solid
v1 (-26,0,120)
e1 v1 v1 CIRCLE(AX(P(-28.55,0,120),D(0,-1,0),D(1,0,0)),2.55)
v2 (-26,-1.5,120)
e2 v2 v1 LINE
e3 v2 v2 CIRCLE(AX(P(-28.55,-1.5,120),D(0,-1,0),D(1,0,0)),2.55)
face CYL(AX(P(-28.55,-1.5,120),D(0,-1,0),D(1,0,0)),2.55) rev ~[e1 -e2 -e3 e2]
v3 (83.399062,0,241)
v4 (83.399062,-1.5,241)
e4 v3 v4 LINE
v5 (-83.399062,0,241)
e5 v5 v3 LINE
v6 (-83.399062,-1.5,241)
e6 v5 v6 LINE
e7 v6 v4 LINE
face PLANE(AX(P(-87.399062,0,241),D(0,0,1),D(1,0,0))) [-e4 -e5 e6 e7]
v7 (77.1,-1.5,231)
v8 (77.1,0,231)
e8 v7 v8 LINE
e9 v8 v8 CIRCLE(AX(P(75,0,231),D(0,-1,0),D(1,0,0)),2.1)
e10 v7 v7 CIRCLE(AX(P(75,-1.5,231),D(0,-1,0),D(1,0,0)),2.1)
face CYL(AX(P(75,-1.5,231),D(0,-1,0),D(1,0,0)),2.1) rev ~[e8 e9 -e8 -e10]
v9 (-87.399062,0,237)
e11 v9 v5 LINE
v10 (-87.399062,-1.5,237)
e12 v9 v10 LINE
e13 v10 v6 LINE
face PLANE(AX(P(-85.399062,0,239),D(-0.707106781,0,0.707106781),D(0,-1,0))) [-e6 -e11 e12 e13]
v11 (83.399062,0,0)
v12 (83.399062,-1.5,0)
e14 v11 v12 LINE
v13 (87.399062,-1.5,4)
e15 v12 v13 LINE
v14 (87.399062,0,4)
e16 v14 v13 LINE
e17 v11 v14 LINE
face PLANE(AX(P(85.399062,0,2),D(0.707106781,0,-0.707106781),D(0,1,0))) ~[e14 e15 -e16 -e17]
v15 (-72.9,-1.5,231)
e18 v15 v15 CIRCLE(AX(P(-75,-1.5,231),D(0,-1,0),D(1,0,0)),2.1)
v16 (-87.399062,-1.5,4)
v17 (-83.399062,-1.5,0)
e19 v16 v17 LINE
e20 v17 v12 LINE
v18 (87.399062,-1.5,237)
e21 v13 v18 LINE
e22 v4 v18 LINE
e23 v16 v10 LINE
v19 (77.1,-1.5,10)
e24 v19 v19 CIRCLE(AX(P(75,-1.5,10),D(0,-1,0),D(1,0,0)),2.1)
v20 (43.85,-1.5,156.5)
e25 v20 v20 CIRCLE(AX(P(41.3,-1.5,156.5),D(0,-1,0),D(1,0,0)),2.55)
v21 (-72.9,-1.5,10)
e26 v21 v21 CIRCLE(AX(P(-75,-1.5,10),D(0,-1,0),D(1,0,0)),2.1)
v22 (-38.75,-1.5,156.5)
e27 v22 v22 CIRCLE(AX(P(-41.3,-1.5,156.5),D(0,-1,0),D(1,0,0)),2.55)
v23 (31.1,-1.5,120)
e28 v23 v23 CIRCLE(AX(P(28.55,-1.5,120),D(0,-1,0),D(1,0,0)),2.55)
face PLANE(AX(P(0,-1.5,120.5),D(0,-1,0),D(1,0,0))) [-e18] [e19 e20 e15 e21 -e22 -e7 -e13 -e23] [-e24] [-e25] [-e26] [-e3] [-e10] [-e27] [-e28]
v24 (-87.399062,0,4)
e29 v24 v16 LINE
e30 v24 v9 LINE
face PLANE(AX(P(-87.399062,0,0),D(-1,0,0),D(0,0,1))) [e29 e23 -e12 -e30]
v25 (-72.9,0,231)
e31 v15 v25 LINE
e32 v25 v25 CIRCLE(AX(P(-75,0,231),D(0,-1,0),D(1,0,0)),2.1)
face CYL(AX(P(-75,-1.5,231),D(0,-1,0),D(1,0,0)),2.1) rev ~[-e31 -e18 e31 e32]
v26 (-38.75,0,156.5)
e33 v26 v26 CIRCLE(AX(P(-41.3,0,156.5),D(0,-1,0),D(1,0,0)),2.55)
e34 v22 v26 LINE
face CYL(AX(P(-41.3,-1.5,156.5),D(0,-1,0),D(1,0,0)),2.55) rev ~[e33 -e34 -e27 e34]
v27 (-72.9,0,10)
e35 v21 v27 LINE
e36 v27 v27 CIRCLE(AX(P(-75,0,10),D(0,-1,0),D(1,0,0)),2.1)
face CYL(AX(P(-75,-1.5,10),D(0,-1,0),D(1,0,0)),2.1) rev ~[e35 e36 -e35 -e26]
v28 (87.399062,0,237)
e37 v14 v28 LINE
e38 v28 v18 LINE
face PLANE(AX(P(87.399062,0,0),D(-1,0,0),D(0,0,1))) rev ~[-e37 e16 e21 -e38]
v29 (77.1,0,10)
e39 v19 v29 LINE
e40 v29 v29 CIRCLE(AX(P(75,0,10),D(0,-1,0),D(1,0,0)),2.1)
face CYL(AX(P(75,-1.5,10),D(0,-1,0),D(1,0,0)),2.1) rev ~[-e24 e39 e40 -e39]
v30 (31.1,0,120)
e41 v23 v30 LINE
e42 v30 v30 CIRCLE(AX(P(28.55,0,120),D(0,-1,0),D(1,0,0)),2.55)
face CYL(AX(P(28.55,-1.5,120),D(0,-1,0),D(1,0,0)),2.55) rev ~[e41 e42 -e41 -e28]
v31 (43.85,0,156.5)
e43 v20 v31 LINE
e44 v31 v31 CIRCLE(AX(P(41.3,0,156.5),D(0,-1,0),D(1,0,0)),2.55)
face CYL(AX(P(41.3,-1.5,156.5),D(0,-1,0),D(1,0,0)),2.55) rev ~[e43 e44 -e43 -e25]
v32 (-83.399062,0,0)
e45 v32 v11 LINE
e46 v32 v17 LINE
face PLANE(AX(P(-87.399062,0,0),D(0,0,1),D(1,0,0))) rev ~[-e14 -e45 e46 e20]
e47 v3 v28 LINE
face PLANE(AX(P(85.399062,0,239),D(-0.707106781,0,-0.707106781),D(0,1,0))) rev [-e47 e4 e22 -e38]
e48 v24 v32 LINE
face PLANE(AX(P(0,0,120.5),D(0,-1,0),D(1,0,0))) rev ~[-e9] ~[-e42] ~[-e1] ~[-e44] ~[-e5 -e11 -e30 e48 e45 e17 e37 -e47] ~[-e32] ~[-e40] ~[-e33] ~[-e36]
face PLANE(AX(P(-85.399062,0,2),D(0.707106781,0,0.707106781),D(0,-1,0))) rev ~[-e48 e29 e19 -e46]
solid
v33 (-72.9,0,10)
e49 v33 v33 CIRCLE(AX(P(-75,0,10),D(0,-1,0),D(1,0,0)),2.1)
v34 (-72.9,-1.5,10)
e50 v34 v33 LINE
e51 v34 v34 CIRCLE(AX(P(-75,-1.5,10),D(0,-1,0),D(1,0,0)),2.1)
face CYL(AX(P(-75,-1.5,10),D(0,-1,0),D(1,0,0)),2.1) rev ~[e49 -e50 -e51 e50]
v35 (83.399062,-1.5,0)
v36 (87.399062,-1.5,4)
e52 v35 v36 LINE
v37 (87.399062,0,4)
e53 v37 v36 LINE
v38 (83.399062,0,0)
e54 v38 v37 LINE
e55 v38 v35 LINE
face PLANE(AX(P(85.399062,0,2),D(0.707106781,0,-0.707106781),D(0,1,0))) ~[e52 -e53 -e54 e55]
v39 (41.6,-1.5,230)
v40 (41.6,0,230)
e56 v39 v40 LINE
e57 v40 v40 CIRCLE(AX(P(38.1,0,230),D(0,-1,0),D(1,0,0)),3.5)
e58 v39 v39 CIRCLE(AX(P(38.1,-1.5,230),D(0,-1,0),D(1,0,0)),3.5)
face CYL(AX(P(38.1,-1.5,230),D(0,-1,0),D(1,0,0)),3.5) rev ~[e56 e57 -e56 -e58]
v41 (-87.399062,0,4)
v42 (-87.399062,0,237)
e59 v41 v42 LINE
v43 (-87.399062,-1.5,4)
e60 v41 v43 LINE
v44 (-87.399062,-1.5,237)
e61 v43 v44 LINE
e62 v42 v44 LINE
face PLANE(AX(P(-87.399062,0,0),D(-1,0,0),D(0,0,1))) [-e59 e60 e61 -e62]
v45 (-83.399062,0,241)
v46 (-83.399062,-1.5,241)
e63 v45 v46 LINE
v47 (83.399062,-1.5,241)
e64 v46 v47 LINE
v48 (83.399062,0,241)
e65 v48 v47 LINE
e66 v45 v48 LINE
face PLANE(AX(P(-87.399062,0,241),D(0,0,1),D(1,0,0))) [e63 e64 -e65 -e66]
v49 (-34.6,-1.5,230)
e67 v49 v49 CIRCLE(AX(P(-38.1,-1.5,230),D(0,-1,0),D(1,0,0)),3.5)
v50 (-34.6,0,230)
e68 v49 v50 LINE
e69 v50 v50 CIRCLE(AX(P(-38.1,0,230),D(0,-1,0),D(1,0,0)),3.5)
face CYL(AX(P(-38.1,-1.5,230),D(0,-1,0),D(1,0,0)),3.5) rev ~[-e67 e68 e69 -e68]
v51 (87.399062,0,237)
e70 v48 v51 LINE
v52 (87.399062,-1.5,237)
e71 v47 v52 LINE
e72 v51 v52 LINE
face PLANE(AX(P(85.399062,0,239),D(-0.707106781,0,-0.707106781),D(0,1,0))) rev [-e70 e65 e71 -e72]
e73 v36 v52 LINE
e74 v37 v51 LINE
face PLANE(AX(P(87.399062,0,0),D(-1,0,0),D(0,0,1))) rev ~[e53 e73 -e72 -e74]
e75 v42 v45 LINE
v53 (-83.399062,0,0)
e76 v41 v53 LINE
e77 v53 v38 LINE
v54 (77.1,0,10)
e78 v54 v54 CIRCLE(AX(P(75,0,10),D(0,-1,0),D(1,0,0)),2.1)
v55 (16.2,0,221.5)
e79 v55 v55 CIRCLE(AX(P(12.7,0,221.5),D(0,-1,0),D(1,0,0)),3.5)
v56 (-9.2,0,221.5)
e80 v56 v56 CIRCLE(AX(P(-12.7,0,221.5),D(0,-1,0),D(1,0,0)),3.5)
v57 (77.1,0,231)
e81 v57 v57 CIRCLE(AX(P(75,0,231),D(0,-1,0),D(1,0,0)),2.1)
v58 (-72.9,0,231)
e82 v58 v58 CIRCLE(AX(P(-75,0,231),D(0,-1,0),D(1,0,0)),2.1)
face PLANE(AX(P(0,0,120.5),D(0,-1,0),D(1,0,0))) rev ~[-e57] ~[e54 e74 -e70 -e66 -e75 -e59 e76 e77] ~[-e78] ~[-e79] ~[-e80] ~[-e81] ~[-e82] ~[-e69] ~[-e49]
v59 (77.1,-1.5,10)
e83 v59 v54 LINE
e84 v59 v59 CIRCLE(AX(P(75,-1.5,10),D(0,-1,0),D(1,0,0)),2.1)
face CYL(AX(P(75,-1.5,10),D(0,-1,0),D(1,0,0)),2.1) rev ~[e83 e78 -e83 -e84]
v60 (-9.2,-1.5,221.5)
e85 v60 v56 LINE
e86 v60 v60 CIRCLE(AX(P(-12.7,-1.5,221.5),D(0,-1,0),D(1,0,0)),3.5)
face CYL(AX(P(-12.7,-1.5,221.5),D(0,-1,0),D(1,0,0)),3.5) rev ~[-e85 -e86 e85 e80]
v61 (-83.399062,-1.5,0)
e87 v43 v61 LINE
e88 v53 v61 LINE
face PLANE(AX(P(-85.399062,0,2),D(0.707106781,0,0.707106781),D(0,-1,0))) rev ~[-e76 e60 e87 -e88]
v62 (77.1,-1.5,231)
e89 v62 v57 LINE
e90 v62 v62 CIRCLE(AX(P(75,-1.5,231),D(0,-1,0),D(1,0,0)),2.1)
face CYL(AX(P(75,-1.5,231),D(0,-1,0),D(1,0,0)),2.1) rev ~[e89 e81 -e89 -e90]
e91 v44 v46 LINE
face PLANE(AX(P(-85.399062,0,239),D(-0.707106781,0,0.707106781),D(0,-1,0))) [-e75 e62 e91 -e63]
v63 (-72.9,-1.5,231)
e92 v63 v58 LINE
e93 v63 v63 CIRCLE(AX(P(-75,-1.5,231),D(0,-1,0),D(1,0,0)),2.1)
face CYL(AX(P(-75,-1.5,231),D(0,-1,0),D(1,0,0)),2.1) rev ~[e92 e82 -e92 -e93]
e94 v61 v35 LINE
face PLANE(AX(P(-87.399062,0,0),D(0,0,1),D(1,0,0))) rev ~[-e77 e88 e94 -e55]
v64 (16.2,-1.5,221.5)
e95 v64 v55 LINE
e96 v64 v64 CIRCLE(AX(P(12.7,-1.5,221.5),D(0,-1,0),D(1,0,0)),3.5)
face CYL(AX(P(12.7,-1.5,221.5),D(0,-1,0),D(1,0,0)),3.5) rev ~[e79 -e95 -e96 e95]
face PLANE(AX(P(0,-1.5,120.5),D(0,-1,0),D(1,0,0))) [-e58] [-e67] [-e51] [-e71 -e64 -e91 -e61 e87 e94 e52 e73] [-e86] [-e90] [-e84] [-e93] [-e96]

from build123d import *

# Parameters (mm, degrees)
SKETCH_W      = 174.798124
SKETCH_H      = 241
PAD_DEPTH     = 1.5
SKETCH001_R   = 2.1
HOLE_DEPTH    = 1.501
CHAMFER_SIZE  = 4
SKETCH002_R   = 3.5
HOLE001_DEPTH = 25
SKETCH003_R   = 2.55
HOLE002_DEPTH = 1.501


with BuildPart() as oct_ufpnl_ab:
    # Sketch → Pad (new body)
    with BuildSketch(Plane.XZ):
        with Locations((0, 120.5)):
            Rectangle(SKETCH_W, SKETCH_H)
    extrude(amount=PAD_DEPTH)

    # Sketch001 (on Face6 of Pad) → Hole (cut, through all)
    with BuildSketch(Plane.XZ.offset(1.5)):
        with Locations((-75, 231)):
            Circle(SKETCH001_R)
        with Locations((75, 231)):
            Circle(SKETCH001_R)
        with Locations((-75, 10)):
            Circle(SKETCH001_R)
        with Locations((75, 10)):
            Circle(SKETCH001_R)
    extrude(amount=-HOLE_DEPTH, mode=Mode.SUBTRACT)

    # Chamfer
    chamfer_edges = [oct_ufpnl_ab.edges().sort_by_distance(p)[0] for p in [
        (87.399062, -0.75, 0),
        (-87.399062, -0.75, 0),
        (-87.399062, -0.75, 241),
        (87.399062, -0.75, 241),
    ]]
    chamfer(chamfer_edges, length=CHAMFER_SIZE)


with BuildPart() as oct_ufpnl_bb:
    # Body001 base: copy of OCT-UFPNL-AB
    add(oct_ufpnl_ab.part)

    # Sketch002 (on Face5 of Clone) → Hole001 (cut)
    with BuildSketch(Plane.XZ.offset(1.5)):
        with Locations((-38.1, 230)):
            Circle(SKETCH002_R)
        with Locations((-12.7, 221.5)):
            Circle(SKETCH002_R)
        with Locations((12.7, 221.5)):
            Circle(SKETCH002_R)
        with Locations((38.1, 230)):
            Circle(SKETCH002_R)
    extrude(amount=-HOLE001_DEPTH, mode=Mode.SUBTRACT)


with BuildPart() as oct_ufpnl_cb:
    # Body002 base: copy of OCT-UFPNL-AB
    add(oct_ufpnl_ab.part)

    # Sketch003 (on Face5 of Clone001) → Hole002 (cut, through all)
    with BuildSketch(Plane.XZ.offset(1.5)):
        with Locations((-41.3, 156.5)):
            Circle(SKETCH003_R)
        with Locations((41.3, 156.5)):
            Circle(SKETCH003_R)
        with Locations((-28.55, 120)):
            Circle(SKETCH003_R)
        with Locations((28.55, 120)):
            Circle(SKETCH003_R)
    extrude(amount=-HOLE002_DEPTH, mode=Mode.SUBTRACT)


solid = Compound([oct_ufpnl_bb.part, oct_ufpnl_cb.part])
